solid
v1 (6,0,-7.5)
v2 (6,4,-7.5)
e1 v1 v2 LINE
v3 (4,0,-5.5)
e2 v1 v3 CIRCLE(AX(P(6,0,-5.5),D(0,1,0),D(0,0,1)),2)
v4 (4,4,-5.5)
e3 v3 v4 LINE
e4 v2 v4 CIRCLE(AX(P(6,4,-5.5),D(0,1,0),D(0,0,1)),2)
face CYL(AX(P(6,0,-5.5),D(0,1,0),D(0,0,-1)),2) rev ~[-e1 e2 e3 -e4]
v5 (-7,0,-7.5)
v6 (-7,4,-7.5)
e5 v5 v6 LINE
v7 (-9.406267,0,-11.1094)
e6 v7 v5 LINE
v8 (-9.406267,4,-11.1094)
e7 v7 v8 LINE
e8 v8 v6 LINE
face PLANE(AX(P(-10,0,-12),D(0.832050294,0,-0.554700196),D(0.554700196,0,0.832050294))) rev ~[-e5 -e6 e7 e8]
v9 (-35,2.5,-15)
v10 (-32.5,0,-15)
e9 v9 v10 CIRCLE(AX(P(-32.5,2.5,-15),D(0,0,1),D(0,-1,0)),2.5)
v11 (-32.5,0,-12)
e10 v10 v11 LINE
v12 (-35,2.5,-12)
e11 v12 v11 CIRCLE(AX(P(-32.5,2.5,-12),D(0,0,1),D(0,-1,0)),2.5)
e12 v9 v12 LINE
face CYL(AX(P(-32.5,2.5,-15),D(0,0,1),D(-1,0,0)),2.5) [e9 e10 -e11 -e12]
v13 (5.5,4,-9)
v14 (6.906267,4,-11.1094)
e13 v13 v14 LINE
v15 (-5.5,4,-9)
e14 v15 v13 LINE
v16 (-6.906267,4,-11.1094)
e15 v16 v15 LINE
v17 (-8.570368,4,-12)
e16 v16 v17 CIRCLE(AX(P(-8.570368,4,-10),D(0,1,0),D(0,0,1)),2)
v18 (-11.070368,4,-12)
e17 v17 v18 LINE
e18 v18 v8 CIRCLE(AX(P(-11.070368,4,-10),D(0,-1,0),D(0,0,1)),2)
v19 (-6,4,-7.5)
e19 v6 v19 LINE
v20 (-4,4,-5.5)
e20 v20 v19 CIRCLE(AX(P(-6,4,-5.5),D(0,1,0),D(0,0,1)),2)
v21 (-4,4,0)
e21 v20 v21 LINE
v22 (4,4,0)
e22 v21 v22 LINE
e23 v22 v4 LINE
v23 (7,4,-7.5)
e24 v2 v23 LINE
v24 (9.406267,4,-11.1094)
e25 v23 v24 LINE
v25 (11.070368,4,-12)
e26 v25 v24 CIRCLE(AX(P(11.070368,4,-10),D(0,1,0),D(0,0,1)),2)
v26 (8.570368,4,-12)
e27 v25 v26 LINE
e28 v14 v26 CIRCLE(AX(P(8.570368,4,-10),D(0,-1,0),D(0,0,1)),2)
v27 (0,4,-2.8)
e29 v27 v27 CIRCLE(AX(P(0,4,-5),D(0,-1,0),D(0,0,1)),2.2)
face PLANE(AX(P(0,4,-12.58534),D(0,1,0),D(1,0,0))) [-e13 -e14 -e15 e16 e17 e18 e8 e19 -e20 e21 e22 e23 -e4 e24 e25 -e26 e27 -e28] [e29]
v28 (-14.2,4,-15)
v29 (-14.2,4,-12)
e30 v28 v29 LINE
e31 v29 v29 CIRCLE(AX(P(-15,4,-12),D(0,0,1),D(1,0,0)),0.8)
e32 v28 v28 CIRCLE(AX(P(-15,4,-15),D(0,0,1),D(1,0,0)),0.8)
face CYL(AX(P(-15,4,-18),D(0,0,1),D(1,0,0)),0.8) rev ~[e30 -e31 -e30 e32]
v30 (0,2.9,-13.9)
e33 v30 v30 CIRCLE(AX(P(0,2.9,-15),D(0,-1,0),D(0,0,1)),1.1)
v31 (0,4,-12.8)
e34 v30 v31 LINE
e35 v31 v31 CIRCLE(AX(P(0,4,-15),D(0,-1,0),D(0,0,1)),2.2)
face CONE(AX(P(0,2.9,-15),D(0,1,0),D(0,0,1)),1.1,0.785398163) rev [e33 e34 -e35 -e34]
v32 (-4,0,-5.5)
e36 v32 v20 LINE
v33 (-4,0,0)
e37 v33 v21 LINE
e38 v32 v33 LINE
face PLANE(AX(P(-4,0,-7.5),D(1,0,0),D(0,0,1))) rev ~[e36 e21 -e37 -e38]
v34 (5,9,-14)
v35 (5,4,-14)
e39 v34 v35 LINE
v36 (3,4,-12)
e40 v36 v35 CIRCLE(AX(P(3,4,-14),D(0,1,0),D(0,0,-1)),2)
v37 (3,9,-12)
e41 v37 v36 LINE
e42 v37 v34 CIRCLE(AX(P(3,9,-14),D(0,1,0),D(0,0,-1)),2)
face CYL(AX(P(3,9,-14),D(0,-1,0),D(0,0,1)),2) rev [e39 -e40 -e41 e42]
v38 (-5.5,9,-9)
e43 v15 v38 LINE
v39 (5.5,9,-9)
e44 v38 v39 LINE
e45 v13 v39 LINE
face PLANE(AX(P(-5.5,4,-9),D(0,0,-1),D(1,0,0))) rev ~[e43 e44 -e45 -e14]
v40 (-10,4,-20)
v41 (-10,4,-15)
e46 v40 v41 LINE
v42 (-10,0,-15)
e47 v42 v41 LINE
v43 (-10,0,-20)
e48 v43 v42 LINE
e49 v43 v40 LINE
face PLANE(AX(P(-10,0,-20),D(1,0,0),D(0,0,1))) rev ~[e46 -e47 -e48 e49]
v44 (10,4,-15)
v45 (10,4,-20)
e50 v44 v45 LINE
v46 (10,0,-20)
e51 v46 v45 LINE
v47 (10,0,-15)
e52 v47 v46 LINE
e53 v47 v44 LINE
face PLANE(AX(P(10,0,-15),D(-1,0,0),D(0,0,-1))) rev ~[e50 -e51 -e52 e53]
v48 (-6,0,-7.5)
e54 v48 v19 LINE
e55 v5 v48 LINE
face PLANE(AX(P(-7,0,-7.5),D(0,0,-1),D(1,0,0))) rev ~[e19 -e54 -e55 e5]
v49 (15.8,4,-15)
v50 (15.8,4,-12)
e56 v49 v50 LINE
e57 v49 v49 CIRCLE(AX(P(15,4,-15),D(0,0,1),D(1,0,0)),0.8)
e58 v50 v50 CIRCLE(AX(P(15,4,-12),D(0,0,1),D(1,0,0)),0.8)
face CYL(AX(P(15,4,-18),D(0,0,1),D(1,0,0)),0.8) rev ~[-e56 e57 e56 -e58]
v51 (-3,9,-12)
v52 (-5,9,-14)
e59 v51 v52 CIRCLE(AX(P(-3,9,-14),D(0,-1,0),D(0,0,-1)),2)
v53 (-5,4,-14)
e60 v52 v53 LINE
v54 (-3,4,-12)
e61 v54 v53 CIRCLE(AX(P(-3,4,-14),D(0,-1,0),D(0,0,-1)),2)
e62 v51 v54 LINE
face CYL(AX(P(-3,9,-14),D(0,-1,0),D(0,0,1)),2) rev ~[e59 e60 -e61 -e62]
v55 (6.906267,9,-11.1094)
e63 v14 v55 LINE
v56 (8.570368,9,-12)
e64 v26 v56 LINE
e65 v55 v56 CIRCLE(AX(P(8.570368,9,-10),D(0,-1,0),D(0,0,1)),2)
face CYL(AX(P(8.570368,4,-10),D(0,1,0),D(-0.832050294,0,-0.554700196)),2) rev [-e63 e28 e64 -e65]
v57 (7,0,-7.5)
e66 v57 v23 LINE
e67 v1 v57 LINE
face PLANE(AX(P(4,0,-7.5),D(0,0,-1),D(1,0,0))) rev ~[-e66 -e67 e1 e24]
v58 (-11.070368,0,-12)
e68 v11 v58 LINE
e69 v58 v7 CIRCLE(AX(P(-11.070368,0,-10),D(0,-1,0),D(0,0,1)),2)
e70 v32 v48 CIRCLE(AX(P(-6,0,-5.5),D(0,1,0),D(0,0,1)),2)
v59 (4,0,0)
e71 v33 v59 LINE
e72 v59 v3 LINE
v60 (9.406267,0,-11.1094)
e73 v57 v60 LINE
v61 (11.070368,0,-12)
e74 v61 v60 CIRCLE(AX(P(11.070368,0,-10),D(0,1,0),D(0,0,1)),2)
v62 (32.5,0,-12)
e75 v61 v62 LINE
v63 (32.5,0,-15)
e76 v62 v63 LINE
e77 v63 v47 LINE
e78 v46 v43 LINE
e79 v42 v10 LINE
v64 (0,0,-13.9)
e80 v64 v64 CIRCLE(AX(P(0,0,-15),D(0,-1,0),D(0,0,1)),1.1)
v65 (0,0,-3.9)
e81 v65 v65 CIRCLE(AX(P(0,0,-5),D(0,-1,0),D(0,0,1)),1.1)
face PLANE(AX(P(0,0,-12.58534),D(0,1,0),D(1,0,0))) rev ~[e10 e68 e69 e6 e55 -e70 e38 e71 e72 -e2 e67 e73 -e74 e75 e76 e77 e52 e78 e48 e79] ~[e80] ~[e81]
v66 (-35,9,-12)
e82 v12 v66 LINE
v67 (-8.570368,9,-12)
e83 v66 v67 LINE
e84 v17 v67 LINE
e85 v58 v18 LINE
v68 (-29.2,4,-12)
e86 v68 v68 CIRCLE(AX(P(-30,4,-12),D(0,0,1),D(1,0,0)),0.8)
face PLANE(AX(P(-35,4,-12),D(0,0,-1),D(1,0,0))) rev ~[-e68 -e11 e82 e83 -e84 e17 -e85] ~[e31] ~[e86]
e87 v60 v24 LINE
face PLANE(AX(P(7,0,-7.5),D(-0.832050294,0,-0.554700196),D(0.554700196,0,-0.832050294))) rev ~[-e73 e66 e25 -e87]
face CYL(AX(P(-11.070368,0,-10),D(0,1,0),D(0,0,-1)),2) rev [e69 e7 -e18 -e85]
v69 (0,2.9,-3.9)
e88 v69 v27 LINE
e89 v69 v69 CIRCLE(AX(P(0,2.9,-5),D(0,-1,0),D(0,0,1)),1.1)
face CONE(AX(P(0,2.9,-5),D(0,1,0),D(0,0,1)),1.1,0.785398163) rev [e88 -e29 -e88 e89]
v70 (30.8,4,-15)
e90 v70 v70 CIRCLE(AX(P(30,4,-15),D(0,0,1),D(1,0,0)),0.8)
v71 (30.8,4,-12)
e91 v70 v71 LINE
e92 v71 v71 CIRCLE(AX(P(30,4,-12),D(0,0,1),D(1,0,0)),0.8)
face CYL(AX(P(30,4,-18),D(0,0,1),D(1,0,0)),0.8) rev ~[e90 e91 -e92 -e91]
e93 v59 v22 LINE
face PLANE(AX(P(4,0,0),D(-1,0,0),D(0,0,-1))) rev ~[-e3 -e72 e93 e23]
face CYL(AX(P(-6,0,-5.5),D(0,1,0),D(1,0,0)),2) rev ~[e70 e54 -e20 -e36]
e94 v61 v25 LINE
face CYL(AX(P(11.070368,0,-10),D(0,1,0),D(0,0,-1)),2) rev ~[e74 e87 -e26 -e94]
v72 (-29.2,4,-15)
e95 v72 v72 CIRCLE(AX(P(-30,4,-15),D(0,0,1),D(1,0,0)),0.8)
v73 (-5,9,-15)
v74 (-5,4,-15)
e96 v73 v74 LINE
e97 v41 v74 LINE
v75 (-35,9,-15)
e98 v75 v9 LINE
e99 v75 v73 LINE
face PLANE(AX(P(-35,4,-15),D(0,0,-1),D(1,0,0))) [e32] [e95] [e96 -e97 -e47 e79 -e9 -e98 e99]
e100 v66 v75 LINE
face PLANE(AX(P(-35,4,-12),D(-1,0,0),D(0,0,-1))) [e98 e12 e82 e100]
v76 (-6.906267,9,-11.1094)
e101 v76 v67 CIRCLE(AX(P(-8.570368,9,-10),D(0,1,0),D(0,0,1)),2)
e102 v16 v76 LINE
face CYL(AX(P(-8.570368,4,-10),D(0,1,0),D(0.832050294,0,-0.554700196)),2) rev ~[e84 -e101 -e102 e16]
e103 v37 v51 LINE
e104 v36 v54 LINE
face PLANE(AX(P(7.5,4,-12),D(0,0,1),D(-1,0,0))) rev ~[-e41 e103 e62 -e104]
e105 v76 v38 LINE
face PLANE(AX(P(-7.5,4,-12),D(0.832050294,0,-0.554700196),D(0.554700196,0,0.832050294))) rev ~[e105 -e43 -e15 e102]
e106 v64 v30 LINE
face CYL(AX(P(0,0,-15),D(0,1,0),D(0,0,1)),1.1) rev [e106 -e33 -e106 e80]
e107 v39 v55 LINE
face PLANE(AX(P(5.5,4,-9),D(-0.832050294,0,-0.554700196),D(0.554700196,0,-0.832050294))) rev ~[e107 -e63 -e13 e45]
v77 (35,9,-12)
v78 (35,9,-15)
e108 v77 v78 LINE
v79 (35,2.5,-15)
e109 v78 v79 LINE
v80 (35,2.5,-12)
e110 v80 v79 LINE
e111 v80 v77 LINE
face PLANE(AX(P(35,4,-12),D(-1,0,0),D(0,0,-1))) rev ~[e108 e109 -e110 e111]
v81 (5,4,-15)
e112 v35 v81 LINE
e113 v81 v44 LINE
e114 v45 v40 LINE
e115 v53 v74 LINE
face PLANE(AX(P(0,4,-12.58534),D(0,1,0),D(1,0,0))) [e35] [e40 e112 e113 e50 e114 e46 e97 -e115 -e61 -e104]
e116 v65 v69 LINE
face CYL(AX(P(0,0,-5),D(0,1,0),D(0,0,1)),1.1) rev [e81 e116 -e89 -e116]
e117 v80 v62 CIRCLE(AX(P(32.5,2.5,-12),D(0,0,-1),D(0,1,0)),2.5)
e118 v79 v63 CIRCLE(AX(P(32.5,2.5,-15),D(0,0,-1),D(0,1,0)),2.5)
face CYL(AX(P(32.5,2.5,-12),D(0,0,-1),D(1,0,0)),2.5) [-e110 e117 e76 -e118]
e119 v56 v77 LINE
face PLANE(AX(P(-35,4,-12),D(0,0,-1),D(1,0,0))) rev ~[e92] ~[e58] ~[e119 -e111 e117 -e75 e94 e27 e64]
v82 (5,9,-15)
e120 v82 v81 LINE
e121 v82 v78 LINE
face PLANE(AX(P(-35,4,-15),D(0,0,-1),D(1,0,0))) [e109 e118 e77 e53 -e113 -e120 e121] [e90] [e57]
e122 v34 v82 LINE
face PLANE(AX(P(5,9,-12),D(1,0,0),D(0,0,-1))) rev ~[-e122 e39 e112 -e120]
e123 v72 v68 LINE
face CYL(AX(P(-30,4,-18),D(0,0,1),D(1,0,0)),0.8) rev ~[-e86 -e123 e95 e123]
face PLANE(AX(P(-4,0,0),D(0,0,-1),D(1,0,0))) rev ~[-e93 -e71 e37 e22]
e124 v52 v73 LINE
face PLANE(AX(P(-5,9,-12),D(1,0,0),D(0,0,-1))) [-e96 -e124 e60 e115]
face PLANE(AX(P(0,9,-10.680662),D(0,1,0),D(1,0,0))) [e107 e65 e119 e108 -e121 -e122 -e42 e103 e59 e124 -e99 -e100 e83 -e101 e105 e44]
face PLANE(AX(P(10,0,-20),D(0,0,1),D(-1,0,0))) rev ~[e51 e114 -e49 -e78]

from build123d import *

# Parameters (mm, degrees)
BOSS_EXTRUDE1_DEPTH                          = 4
SKETCH2_W                                    = 70
SKETCH2_H                                    = 3
BOSS_EXTRUDE2_DEPTH                          = 5
CSK_FOR_M2_COUNTERSUNK_FLAT_HEAD_SCR_2_COUNT = 2
CSK_FOR_M2_COUNTERSUNK_FLAT_HEAD_SCR_2_PITCH = 10
SKETCH5_W                                    = 10
SKETCH5_H                                    = 3
CUT_EXTRUDE1_DEPTH                           = 5
FILLET1_R                                    = 2.5
M2_TAPPED_HOLE1_D                            = 1.6
M2_TAPPED_HOLE1_DEPTH                        = 3
BOSS_EXTRUDE3_DEPTH                          = 5
FILLET2_R                                    = 2


with BuildPart() as part:
    # Sketch1 → Boss-Extrude1 (new body)
    with BuildSketch(Plane(origin=(0, 0, 0), x_dir=(1, 0, 0), z_dir=(0, 1, 0))):
        Polygon((-4, 0), (4, 0), (4, 7.5), (7, 7.5), (10, 12), (35, 12), (35, 15), (10, 15), (10, 20), (-10, 20), (-10, 15), (-35, 15), (-35, 12), (-10, 12), (-7, 7.5), (-4, 7.5), align=None)
    extrude(amount=BOSS_EXTRUDE1_DEPTH)

    # Sketch2 → Boss-Extrude2 (add)
    with BuildSketch(Plane(origin=(0, 4, 0), x_dir=(1, 0, 0), z_dir=(0, 1, 0))):
        with Locations((0, 13.5)):
            Rectangle(SKETCH2_W, SKETCH2_H)
    extrude(amount=BOSS_EXTRUDE2_DEPTH)

    # Sketch4 → CSK for M2 Countersunk Flat Head Screw1 (revolve, cut)
    with BuildSketch(Plane(origin=(0, 4, -15), x_dir=(0, 0, 1), z_dir=(1, 0, 0))):
        Polygon((0, 0), (0, 4), (1.1, 4), (1.1, 1.1), (2.2, 0), align=None)
    csk_for_m2_countersunk_flat_head_screw1 = revolve(axis=Axis((0, 10.35, -15), (0, -1, 0)), mode=Mode.SUBTRACT)

    # CSK for M2 Countersunk Flat Head Scr 2: CSK for M2 Countersunk Flat Head Screw1 ×2
    with Locations(*[(0, 0, i * CSK_FOR_M2_COUNTERSUNK_FLAT_HEAD_SCR_2_PITCH) for i in range(1, CSK_FOR_M2_COUNTERSUNK_FLAT_HEAD_SCR_2_COUNT)]):
        add(csk_for_m2_countersunk_flat_head_screw1, mode=Mode.SUBTRACT)

    # Sketch5 → Cut-Extrude1 (cut)
    with BuildSketch(Plane(origin=(0, 9, 0), x_dir=(1, 0, 0), z_dir=(0, 1, 0))):
        with Locations((0, 13.5)):
            Rectangle(SKETCH5_W, SKETCH5_H)
    extrude(amount=-CUT_EXTRUDE1_DEPTH, mode=Mode.SUBTRACT)

    # Fillet1
    fillet1_edges = [part.edges().sort_by_distance(p)[0] for p in [
        (-35, 0, -13.5),
        (35, 0, -13.5),
    ]]
    fillet(fillet1_edges, radius=FILLET1_R)

    # M2 Tapped Hole1
    with Locations(Plane(origin=(0, 0, -15), x_dir=(-1, 0, 0), z_dir=(0, 0, -1))):
        with Locations((30, 4), (15, 4), (-15, 4), (-30, 4)):
            Hole(M2_TAPPED_HOLE1_D / 2, depth=M2_TAPPED_HOLE1_DEPTH)

    # Sketch9 → Boss-Extrude3 (add)
    with BuildSketch(Plane(origin=(0, 4, 0), x_dir=(1, 0, 0), z_dir=(0, 1, 0))):
        Polygon((-7.5, 12), (-5.5, 9), (5.5, 9), (7.5, 12), align=None)
    extrude(amount=BOSS_EXTRUDE3_DEPTH)

    # Fillet2
    fillet2_edges = [part.edges().sort_by_distance(p)[0] for p in [
        (7.5, 6.5, -12),
        (-7.5, 6.5, -12),
        (-4, 2, -7.5),
        (-10, 2, -12),
        (10, 2, -12),
        (4, 2, -7.5),
        (-5, 6.5, -12),
        (5, 6.5, -12),
    ]]
    fillet(fillet2_edges, radius=FILLET2_R)


solid = part.part
